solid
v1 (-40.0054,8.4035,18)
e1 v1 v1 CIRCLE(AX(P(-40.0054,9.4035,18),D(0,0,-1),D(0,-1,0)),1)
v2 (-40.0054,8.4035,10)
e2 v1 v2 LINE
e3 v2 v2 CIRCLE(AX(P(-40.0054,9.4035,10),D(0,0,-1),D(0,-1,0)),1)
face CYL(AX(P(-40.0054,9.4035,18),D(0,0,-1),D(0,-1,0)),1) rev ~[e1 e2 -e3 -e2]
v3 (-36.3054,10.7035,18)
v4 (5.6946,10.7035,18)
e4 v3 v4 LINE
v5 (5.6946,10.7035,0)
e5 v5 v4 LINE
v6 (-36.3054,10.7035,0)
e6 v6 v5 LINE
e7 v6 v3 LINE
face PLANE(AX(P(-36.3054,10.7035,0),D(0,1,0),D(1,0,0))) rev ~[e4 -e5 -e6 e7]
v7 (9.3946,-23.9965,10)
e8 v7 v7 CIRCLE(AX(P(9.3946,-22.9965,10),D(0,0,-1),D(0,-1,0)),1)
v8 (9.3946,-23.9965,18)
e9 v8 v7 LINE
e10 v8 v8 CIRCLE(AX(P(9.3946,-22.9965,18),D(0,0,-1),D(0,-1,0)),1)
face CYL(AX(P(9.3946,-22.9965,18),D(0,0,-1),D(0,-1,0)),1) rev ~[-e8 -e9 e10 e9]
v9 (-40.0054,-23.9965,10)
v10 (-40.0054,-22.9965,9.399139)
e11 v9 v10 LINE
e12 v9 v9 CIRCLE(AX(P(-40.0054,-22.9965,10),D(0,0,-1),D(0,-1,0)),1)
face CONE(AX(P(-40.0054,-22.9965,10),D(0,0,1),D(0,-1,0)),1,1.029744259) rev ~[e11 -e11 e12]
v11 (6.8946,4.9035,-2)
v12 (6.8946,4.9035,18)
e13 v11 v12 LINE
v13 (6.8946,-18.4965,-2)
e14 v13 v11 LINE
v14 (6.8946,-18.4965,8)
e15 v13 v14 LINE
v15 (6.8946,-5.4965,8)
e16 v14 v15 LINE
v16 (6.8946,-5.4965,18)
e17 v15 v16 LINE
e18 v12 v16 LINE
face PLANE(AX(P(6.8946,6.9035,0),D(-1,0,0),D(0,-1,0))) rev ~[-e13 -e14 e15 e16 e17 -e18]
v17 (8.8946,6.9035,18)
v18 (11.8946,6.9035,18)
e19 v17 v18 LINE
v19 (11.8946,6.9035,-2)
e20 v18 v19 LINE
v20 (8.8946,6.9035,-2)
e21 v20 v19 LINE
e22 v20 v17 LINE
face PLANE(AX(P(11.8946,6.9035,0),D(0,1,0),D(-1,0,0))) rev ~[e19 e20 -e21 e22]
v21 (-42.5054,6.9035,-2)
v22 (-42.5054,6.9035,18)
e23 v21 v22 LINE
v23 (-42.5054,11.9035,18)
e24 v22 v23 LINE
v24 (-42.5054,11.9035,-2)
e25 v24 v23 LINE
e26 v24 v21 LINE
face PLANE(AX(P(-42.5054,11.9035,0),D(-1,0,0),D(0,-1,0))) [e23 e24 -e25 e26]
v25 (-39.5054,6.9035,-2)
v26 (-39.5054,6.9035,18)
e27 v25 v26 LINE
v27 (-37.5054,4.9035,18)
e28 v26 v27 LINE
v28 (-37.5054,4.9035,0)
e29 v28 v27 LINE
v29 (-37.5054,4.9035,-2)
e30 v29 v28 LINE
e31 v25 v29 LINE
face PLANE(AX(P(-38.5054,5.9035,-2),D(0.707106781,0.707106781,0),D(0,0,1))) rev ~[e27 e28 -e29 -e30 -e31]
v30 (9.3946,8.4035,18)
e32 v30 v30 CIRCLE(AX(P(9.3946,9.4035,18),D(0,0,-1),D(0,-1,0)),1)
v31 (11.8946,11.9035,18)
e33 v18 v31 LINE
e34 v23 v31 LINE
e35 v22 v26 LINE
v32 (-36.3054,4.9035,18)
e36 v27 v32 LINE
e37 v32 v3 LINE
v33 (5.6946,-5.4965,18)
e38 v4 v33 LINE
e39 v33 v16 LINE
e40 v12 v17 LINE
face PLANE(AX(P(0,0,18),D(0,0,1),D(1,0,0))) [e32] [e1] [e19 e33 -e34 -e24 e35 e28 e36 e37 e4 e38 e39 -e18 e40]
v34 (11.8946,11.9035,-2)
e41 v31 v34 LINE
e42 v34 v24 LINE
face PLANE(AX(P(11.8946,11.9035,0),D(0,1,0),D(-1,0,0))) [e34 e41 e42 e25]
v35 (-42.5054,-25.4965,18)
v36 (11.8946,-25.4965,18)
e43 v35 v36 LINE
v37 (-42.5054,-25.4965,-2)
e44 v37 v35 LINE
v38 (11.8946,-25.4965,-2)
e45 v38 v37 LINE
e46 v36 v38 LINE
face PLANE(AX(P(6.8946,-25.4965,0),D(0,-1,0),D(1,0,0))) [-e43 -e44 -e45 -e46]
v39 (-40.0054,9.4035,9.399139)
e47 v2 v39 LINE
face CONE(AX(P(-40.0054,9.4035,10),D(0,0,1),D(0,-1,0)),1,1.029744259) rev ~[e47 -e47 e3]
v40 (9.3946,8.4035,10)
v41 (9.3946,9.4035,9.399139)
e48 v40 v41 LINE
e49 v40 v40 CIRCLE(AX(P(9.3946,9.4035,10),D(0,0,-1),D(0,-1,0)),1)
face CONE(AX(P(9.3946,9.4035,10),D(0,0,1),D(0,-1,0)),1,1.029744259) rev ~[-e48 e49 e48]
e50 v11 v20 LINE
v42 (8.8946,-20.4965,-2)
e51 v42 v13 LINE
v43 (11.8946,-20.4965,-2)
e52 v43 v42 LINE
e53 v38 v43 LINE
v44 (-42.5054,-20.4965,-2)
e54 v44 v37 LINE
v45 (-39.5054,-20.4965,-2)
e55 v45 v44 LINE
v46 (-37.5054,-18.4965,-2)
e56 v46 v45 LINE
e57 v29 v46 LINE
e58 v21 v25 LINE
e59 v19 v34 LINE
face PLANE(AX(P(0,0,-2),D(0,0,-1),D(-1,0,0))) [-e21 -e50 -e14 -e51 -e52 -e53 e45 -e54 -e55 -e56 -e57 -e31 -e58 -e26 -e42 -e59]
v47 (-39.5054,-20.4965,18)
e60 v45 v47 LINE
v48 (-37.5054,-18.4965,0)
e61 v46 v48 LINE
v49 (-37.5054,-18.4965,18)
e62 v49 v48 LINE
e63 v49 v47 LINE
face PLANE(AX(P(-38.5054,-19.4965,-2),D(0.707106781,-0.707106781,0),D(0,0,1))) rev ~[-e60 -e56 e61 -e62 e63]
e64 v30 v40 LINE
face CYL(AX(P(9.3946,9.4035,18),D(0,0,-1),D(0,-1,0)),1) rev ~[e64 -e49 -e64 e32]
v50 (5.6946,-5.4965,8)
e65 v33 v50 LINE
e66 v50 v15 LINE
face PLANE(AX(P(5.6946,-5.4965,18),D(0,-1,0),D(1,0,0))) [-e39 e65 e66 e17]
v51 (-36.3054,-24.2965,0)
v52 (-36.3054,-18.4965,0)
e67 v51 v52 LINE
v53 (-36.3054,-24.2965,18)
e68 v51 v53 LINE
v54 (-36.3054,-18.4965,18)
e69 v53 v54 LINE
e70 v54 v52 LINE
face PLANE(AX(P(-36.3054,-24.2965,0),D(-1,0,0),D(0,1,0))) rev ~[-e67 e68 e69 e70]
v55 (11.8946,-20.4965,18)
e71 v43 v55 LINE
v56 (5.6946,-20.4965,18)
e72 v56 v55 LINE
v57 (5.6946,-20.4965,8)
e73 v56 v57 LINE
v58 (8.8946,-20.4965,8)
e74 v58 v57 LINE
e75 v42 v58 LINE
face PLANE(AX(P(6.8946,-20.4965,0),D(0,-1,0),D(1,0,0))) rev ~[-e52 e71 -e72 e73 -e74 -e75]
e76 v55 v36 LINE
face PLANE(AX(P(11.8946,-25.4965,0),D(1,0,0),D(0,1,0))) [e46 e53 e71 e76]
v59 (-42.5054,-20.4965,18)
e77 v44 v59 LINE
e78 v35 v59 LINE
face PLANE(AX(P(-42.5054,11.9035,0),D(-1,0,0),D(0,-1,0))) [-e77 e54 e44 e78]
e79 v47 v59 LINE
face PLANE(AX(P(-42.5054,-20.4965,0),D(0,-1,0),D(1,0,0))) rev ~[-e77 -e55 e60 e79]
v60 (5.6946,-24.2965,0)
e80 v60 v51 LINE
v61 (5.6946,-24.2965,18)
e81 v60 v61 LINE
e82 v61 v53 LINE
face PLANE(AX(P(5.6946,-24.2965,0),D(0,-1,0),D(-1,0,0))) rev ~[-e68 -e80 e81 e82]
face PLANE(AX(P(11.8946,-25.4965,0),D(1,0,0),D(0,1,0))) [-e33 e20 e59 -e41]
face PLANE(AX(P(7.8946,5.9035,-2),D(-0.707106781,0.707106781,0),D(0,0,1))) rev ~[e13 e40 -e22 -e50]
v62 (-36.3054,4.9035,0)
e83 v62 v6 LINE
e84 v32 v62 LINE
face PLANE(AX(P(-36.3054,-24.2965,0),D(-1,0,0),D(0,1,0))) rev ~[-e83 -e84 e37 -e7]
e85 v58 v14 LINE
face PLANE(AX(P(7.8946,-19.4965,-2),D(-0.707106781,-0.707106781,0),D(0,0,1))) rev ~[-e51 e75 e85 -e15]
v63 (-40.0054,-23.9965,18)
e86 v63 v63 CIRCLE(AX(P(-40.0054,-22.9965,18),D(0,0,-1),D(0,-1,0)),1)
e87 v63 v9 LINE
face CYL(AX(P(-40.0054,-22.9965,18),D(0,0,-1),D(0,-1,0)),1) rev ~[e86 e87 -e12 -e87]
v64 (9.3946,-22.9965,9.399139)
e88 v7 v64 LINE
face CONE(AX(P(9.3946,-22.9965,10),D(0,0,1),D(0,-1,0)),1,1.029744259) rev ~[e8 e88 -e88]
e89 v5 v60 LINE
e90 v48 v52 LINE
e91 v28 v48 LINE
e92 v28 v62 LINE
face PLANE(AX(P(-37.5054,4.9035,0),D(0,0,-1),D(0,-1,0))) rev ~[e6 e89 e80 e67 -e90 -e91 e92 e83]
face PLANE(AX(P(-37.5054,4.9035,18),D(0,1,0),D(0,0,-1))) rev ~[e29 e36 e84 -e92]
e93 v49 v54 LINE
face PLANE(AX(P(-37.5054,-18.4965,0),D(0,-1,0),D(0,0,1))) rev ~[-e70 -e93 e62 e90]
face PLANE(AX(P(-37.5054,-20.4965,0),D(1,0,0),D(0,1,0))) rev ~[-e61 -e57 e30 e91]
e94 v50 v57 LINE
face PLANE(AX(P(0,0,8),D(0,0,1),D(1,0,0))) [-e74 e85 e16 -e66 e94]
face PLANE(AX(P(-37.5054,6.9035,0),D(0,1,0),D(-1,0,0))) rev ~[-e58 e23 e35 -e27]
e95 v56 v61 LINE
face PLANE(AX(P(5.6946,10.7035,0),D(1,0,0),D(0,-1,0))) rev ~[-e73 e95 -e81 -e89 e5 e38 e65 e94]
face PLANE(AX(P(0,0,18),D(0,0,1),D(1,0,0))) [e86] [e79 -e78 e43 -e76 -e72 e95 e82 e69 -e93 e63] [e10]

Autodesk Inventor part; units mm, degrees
ref_plane "YZ Plane" through (0, 0, 0) normal (1, 0, 0) x (0, 1, 0)
ref_plane "XZ Plane" through (0, 0, 0) normal (0, 1, 0) x (-1, 0, 0)
ref_plane "XY Plane" through (0, 0, 0) normal (0, 0, 1) x (1, 0, 0)
sketch "Sketch1" plane through (0, 0, 0) normal (0, 0, 1) x (1, 0, 0)
  line L0 (-36.3054, 10.7035) -> (5.6946, 10.7035)
  line L1 (5.6946, 10.7035) -> (5.6946, -24.2965)
  line L2 (5.6946, -24.2965) -> (-36.3054, -24.2965)
  line L3 (-36.3054, -24.2965) -> (-36.3054, 10.7035)
  line L4 (-37.5054, 11.9035) -> (6.8946, 11.9035)
  line L5 (6.8946, 11.9035) -> (6.8946, -25.4965)
  line L6 (6.8946, -25.4965) -> (-37.5054, -25.4965)
  line L7 (-37.5054, -25.4965) -> (-37.5054, 11.9035)
  point P0 (0, 0)
  dimension "d0" = 42
  dimension "d1" = 35
  dimension "d2" = 1.2
  dimension "d3" = 1.2
  dimension "d4" = 1.2
  dimension "d5" = 1.2
extrude "Extrusion1" add sketch "Sketch1" along normal blind 18
sketch "Sketch2" plane through (0, 0, 0) normal (0, 0, -1) x (-1, 0, 0)
  line L0 (-11.8946, 11.9035) -> (42.5054, 11.9035)
  line L1 (42.5054, 11.9035) -> (42.5054, -25.4965)
  line L2 (42.5054, -25.4965) -> (-11.8946, -25.4965)
  line L3 (-11.8946, -25.4965) -> (-11.8946, 11.9035)
  line L4 (-6.8946, -25.4965) -> (-6.8946, 11.9035) projected
  line L5 (37.5054, -25.4965) -> (37.5054, 11.9035) projected
  line L6 (37.5054, 11.9035) -> (-6.8946, 11.9035) projected
  line L7 (-6.8946, -25.4965) -> (37.5054, -25.4965) projected
  point P0 (0, 0)
  dimension "d8" = 5
  dimension "d9" = 5
extrude "Extrusion2" add sketch "Sketch2" along normal blind 2
sketch "Sketch3" plane through (0, 0, 0) normal (0, 0, 1) x (1, 0, 0)
  line L0 (-42.5054, 11.9035) -> (11.8946, 11.9035) projected
  line L1 (-42.5054, -25.4965) -> (-42.5054, 11.9035) projected
  line L2 (-37.5054, 11.9035) -> (-42.5054, 11.9035)
  line L3 (-42.5054, 11.9035) -> (-42.5054, 6.9035)
  line L4 (-42.5054, 6.9035) -> (-37.5054, 6.9035)
  line L5 (-37.5054, 6.9035) -> (-37.5054, 11.9035)
  line L6 (-37.5054, 11.9035) -> (-37.5054, -25.4965) projected
  line L7 (-42.5054, -25.4965) -> (-37.5054, -25.4965)
  line L8 (-37.5054, -25.4965) -> (-37.5054, -20.4965)
  line L9 (-37.5054, -20.4965) -> (-42.5054, -20.4965)
  line L10 (-42.5054, -20.4965) -> (-42.5054, -25.4965)
  line L11 (6.8946, 11.9035) -> (6.8946, -25.4965) projected
  line L12 (11.8946, 11.9035) -> (6.8946, 11.9035)
  line L13 (6.8946, 11.9035) -> (6.8946, 6.9035)
  line L14 (6.8946, 6.9035) -> (11.8946, 6.9035)
  line L15 (11.8946, 6.9035) -> (11.8946, 11.9035)
  line L16 (11.8946, -25.4965) -> (6.8946, -25.4965)
  line L17 (6.8946, -25.4965) -> (6.8946, -20.4965)
  line L18 (6.8946, -20.4965) -> (11.8946, -20.4965)
  line L19 (11.8946, -20.4965) -> (11.8946, -25.4965)
  point P0 (0, 0)
  dimension "d12" = 5
  dimension "d13" = 5
  dimension "d14" = 5
  dimension "d15" = 5
extrude "Extrusion3" add sketch "Sketch3" along normal blind 18 contours L18 L19 L16 L11 | L0 L15 L14 L11 | L0 L5 L4 L1 | L9 L6 L7 L1
sketch "Sketch4" plane through (0, 0, 0) normal (0, 0, 1) x (1, 0, 0)
  line L0 (-37.5054, 6.9035) -> (-42.5054, 6.9035)
  line L1 (-42.5054, 6.9035) -> (-42.5054, -20.4965)
  line L2 (-42.5054, -20.4965) -> (-37.5054, -20.4965)
  line L3 (-37.5054, -20.4965) -> (-37.5054, 6.9035)
  line L4 (6.8946, -20.4965) -> (11.8946, -20.4965)
  line L5 (11.8946, -20.4965) -> (11.8946, 6.9035)
  line L6 (11.8946, 6.9035) -> (6.8946, 6.9035)
  line L7 (6.8946, 6.9035) -> (6.8946, -20.4965)
  point P0 (0, 0)
extrude "Extrusion4" cut sketch "Sketch4" against normal blind 18
chamfer "Chamfer1" distance 2 angle 45 4 edges at (-37.5054, 6.9035, 8) (-37.5054, -20.4965, 8) (6.8946, 6.9035, 8) (6.8946, -20.4965, 8)
sketch "Sketch5" plane through (0, 0, 18) normal (0, 0, 1) x (1, 0, 0)
  line L0 (5.6946, 10.7035) -> (5.6946, -24.2965) projected
  line L1 (8.8946, -20.4965) -> (5.6946, -20.4965)
  line L2 (5.6946, -20.4965) -> (5.6946, -5.4965)
  line L3 (5.6946, -5.4965) -> (8.8946, -5.4965)
  line L4 (8.8946, -5.4965) -> (8.8946, -20.4965)
  point P0 (0, 0)
  dimension "d23" = 15
extrude "Extrusion5" cut sketch "Sketch5" against normal blind 10
sketch "Sketch6" plane through (0, 0, 18) normal (0, 0, 1) x (1, 0, 0)
  line L0 (11.8946, 11.9035) -> (-42.5054, 11.9035) projected
  line L1 (-42.5054, 11.9035) -> (-42.5054, 6.9035) projected
  line L2 (-39.5054, -20.4965) -> (-42.5054, -20.4965) projected
  line L3 (-42.5054, -20.4965) -> (-42.5054, -25.4965) projected
  line L4 (-42.5054, -25.4965) -> (11.8946, -25.4965) projected
  line L5 (11.8946, -25.4965) -> (11.8946, -20.4965) projected
  line L6 (8.8946, 6.9035) -> (11.8946, 6.9035) projected
  line L7 (11.8946, 6.9035) -> (11.8946, 11.9035) projected
  point P0 (0, 0)
  point P1 (-40.0054, 9.4035)
  point P2 (-40.0054, -22.9965)
  point P3 (9.3946, -22.9965)
  point P4 (9.3946, 9.4035)
  dimension "d26" = 2.5
  dimension "d27" = 2.5
  dimension "d28" = 2.5
  dimension "d29" = 2.5
  dimension "d30" = 2.5
  dimension "d31" = 2.5
  dimension "d32" = 2.5
  dimension "d33" = 2.5
  dimension "d34" = 49.4
  dimension "d35" = 32.4
hole "Hole1" at (-40.0054, 9.4035, 18) at (-40.0054, -22.9965, 18) at (9.3946, -22.9965, 18) at (9.3946, 9.4035, 18) direction (0, 0, -1) diameter 2 depth 8 tip angle 118
sketch "Sketch7" plane through (-37.5054, -18.4965, 18) normal (-1, 0, 0) x (0, 0, 1)
  line L0 (-20, 0) -> (-10, 0) projected
  line L1 (0, 23.4) -> (-18, 23.4)
  line L2 (-18, 23.4) -> (-18, 0)
  line L3 (-18, 0) -> (0, 0)
  line L4 (0, 0) -> (0, 23.4)
  line L5 (-18, 29.2) -> (-18, -5.8) projected
  point P0 (-18, 18.4965)
extrude "Extrusion6" cut sketch "Sketch7" against normal blind 2
properties part number "main body"
